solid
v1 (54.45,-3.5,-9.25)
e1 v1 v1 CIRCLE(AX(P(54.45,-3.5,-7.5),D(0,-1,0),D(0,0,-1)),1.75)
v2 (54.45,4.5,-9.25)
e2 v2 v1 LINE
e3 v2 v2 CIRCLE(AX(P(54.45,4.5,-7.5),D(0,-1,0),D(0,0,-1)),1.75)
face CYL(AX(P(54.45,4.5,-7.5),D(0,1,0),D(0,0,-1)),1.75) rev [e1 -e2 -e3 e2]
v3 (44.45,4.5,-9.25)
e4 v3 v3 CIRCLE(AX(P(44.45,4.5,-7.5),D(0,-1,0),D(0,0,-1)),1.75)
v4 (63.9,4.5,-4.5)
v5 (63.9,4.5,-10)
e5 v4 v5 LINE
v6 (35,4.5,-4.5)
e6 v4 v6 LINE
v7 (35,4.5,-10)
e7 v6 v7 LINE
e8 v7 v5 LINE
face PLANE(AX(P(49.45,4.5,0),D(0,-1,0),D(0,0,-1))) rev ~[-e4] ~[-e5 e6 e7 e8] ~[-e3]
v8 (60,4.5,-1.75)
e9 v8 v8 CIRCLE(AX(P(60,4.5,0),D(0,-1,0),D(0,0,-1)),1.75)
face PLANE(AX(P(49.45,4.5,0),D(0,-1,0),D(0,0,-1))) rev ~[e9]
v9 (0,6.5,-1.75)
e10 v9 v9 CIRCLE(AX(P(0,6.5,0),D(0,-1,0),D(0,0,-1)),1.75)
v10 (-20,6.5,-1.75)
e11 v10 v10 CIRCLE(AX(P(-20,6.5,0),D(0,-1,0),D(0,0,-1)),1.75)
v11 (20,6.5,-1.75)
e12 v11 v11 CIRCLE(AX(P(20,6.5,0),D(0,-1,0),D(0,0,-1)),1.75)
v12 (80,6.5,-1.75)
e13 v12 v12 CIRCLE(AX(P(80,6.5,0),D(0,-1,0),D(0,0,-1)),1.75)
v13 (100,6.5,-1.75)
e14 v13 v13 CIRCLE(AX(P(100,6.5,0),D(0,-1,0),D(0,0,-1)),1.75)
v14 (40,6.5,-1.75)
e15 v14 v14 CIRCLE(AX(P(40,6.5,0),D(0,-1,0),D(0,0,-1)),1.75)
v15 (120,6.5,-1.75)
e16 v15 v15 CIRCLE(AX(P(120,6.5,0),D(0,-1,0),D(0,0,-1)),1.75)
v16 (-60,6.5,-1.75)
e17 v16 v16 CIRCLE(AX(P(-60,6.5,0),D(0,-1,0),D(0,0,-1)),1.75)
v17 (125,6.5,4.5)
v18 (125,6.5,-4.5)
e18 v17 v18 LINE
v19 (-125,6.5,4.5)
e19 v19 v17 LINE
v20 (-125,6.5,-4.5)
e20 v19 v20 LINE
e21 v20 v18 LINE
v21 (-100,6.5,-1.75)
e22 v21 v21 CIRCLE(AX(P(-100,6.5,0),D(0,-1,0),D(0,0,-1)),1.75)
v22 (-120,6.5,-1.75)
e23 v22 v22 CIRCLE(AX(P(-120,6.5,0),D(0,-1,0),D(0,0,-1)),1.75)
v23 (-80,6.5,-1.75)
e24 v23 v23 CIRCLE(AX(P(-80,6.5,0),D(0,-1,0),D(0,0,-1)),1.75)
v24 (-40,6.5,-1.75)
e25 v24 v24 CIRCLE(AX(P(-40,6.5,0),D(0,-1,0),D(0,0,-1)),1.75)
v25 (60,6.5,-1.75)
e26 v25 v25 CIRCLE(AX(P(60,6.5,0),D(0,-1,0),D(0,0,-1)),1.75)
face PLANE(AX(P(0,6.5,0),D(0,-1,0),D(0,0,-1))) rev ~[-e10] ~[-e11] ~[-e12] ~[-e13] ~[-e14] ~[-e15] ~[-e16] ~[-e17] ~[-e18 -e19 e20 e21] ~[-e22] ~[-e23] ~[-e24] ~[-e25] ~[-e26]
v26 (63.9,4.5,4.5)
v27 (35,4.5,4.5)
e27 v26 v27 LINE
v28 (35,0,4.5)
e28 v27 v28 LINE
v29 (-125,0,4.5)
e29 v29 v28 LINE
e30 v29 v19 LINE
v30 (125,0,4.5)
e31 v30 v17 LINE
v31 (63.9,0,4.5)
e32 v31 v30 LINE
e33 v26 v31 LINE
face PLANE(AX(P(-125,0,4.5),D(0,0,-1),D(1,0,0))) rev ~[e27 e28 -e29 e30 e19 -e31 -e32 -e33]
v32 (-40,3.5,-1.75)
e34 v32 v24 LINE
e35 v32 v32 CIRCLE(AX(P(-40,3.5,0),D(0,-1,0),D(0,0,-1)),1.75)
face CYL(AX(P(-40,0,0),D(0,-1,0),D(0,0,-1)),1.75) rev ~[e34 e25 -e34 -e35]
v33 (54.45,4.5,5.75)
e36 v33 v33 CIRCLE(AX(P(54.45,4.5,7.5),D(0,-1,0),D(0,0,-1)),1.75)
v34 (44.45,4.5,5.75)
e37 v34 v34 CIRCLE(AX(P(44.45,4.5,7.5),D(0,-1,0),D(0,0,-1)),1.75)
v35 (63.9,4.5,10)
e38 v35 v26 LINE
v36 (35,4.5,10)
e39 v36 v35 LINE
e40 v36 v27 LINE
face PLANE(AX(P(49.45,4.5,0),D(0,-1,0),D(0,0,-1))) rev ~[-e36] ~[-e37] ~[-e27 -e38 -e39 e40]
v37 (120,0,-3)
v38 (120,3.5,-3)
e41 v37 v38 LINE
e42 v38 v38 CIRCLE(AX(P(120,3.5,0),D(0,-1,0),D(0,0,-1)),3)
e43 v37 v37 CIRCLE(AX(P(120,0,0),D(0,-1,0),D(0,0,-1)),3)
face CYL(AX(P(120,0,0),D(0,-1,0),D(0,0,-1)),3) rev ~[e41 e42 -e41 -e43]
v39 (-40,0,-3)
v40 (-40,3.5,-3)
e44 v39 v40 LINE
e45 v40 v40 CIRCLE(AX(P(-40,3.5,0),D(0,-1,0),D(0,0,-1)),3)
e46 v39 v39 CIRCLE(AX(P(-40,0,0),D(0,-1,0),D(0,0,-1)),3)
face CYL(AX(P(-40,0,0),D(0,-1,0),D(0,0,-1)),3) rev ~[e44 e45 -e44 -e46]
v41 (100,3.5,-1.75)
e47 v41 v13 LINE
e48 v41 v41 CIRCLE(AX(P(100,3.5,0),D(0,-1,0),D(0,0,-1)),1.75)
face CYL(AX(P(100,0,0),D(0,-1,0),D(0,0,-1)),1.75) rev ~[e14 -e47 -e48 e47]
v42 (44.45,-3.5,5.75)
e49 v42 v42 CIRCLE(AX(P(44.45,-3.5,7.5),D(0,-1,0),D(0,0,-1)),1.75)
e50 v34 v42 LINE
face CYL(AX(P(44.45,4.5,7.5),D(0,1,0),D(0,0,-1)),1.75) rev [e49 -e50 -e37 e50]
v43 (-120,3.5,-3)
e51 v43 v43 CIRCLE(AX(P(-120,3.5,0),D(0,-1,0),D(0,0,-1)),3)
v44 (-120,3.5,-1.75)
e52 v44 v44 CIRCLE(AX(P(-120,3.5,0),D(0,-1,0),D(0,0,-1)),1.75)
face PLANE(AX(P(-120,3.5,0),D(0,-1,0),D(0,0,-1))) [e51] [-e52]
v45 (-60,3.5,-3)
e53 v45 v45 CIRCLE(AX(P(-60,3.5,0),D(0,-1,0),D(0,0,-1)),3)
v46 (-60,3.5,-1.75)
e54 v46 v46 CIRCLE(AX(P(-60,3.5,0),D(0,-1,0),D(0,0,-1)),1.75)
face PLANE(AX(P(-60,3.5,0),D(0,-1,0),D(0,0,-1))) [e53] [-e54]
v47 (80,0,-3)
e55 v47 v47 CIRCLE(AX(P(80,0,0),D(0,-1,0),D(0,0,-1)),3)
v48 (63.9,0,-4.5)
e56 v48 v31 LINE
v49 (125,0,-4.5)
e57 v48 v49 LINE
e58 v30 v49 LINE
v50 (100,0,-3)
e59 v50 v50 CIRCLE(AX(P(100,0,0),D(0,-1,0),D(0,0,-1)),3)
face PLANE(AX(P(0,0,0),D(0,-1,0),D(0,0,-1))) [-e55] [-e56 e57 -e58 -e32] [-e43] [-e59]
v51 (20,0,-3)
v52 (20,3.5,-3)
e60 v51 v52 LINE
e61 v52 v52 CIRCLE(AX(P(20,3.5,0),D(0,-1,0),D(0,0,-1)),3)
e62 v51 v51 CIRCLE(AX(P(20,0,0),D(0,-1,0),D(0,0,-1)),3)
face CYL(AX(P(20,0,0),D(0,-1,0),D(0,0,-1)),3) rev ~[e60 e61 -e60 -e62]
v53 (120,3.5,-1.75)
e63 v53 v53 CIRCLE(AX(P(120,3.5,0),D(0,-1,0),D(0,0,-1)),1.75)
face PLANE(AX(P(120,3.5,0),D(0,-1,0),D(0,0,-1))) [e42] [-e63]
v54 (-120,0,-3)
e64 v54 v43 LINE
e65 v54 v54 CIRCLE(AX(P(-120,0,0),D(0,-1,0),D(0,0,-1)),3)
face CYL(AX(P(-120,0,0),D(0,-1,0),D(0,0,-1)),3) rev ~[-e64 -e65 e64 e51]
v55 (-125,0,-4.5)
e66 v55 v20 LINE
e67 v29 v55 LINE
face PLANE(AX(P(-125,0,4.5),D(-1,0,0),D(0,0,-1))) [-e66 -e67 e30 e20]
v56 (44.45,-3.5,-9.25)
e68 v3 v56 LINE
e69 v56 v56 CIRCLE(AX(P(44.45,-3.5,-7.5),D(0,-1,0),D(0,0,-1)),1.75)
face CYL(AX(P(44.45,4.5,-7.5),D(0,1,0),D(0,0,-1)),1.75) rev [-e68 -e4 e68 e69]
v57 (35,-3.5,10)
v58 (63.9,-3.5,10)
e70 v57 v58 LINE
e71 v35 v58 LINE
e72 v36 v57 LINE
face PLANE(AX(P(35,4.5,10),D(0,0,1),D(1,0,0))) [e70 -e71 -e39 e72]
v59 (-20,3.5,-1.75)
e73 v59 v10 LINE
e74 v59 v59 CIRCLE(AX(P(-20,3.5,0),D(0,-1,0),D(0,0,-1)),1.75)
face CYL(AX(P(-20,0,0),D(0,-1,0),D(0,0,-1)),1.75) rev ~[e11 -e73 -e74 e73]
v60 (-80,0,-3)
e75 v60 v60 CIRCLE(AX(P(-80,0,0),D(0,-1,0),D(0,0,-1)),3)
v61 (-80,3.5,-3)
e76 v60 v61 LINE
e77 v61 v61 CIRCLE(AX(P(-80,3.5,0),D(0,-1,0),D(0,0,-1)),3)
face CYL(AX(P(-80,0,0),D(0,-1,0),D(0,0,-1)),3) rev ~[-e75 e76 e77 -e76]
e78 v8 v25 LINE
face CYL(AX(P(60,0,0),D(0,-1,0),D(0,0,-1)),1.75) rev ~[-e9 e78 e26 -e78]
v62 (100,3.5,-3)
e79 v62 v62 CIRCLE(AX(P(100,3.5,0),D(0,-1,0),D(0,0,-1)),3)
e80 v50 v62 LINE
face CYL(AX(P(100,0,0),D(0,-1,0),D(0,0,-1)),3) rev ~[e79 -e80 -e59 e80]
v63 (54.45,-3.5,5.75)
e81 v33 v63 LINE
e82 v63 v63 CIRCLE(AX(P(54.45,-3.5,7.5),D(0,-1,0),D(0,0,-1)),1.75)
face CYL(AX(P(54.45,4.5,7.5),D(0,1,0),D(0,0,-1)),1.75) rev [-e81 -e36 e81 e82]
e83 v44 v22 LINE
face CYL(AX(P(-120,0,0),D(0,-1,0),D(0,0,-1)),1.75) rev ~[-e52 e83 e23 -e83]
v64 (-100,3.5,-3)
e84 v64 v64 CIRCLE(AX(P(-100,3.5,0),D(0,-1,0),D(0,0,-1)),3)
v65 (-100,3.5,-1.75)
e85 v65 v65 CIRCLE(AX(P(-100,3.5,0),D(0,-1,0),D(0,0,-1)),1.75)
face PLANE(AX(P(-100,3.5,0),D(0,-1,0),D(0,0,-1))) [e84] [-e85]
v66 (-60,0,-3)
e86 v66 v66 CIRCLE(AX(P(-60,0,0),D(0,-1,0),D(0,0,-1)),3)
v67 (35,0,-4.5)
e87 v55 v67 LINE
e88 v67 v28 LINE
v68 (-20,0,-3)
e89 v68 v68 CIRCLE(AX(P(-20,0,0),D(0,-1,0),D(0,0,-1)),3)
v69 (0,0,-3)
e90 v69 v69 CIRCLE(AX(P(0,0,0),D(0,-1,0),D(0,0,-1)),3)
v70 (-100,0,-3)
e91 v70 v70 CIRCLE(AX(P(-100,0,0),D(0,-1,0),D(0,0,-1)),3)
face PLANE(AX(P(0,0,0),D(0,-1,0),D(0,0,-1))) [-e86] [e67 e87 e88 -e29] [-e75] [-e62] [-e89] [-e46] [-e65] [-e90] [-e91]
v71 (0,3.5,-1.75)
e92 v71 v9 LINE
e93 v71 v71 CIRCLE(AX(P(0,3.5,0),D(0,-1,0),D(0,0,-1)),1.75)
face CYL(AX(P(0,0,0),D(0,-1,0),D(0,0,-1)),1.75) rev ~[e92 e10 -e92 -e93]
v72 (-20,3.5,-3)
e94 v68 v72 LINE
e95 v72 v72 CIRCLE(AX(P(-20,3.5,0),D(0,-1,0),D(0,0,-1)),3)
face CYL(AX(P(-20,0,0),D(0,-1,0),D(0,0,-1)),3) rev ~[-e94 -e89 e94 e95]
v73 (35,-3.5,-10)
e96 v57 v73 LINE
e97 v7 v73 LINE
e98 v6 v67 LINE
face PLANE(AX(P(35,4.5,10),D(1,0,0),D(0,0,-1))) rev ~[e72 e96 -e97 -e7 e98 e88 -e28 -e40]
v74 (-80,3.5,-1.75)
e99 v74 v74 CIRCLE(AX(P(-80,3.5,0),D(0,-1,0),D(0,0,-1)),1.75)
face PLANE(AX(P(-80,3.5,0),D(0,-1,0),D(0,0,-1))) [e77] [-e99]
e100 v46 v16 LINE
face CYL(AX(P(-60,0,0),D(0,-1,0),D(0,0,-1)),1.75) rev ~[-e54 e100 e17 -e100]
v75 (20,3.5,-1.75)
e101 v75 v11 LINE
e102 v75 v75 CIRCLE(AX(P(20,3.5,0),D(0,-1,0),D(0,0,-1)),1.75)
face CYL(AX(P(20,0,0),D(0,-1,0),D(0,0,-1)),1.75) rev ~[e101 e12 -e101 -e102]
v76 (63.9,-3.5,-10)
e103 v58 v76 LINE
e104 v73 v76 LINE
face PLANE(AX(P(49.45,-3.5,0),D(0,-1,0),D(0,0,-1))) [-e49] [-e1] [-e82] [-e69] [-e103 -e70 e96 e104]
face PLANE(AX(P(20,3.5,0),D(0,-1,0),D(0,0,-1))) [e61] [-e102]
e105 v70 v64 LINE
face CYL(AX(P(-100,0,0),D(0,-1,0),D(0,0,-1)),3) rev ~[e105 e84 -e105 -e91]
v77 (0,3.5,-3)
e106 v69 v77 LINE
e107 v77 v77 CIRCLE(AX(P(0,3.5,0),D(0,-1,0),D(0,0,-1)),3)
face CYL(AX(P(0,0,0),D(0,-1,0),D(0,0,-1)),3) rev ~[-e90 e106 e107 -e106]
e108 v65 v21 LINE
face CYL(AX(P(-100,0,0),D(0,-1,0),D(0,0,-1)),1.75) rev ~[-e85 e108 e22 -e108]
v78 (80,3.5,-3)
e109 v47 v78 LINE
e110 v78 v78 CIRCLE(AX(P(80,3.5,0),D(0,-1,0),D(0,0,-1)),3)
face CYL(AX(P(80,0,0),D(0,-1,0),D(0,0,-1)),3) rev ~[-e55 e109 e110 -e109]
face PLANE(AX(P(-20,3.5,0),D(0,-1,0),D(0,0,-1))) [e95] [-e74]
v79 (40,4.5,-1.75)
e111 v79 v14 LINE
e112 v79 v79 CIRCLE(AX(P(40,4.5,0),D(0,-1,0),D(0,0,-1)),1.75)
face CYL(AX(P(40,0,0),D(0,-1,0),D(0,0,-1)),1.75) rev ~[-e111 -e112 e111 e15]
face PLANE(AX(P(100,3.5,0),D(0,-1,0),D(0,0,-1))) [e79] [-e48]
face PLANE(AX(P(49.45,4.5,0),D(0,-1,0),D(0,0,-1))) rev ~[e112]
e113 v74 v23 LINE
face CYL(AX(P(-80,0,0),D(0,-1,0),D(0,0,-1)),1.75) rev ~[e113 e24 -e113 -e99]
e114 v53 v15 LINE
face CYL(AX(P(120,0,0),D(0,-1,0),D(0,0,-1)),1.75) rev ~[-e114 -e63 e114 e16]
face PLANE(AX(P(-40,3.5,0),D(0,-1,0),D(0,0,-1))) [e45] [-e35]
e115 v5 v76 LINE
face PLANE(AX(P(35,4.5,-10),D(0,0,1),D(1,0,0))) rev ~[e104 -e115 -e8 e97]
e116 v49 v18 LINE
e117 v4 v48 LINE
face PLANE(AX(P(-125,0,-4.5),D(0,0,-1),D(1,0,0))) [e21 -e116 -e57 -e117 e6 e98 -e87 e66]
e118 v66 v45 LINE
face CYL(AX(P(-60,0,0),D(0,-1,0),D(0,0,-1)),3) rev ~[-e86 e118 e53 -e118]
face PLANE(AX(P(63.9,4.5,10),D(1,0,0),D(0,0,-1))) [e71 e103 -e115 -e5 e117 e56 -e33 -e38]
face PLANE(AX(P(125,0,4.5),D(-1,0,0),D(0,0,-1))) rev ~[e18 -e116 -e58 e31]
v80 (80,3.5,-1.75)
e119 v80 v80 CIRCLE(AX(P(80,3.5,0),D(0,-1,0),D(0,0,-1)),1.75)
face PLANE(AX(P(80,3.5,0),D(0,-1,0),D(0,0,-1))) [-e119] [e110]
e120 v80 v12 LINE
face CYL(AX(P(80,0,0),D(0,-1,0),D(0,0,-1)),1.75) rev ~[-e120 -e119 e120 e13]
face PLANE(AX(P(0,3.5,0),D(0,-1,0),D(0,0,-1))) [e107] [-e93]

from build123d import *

# Parameters (mm, degrees)
SKETCH006_W             = 9
SKETCH006_H             = 250
PAD003_DEPTH            = 6.5
SKETCH008_R             = 1.75
POCKET003_DEPTH         = 6.5
LINEARPATTERN002_COUNT  = 13
LINEARPATTERN002_PITCH  = 20
SKETCH009_R             = 3
POCKET002_DEPTH         = 3.5
LINEARPATTERN003_COUNT  = 13
LINEARPATTERN003_PITCH  = 20
SKETCH007_W             = 20
SKETCH007_H             = 28.9
SKETCH007_R             = 1.75
PAD004_DEPTH            = 8
BODY002_PITCH_ANGLE     = 90
BODY002_PLACEMENT_ANGLE = -90


with BuildPart() as part:
    # Sketch006 → Pad003 (new body)
    with BuildSketch(Plane.XY):
        with Locations((0, 125)):
            Rectangle(SKETCH006_W, SKETCH006_H)
    extrude(amount=-PAD003_DEPTH)

    # Sketch008 → Pocket003 (cut)
    with BuildSketch(Plane.XY):
        with Locations((0, 5)):
            Circle(SKETCH008_R)
    pocket003 = extrude(amount=-POCKET003_DEPTH, mode=Mode.SUBTRACT)

    # LinearPattern002: Pocket003 ×13
    with Locations(*[(0, i * LINEARPATTERN002_PITCH, 0) for i in range(1, LINEARPATTERN002_COUNT)]):
        add(pocket003, mode=Mode.SUBTRACT)

    # Sketch009 → Pocket002 (cut)
    with BuildSketch(Plane.XY):
        with Locations((0, 5)):
            Circle(SKETCH009_R)
    pocket002 = extrude(amount=-POCKET002_DEPTH, mode=Mode.SUBTRACT)

    # LinearPattern003: Pocket002 ×13
    with Locations(*[(0, i * LINEARPATTERN003_PITCH, 0) for i in range(1, LINEARPATTERN003_COUNT)]):
        add(pocket002, mode=Mode.SUBTRACT)

    # Sketch007 → Pad004 (join)
    with BuildSketch(Plane.XY.offset(-4.5)):
        with Locations((0, 174.45)):
            Rectangle(SKETCH007_W, SKETCH007_H)
        with Locations((-7.5, 179.45)):
            Circle(SKETCH007_R, mode=Mode.SUBTRACT)
        with Locations((7.5, 179.45)):
            Circle(SKETCH007_R, mode=Mode.SUBTRACT)
        with Locations((7.5, 169.45)):
            Circle(SKETCH007_R, mode=Mode.SUBTRACT)
        with Locations((-7.5, 169.45)):
            Circle(SKETCH007_R, mode=Mode.SUBTRACT)
    extrude(amount=PAD004_DEPTH)


with BuildPart() as part_1:
    # Body002 pitch: moved
    add(part.part.rotate(Axis((0, 0, 0), (0, 1, 0)), BODY002_PITCH_ANGLE))


with BuildPart() as part_2:
    # Body002 placement: moved
    add(part_1.part.moved(Location((-125, 0, 0))).rotate(Axis((-125, 0, 0), (0, 0, 1)), BODY002_PLACEMENT_ANGLE))


solid = part_2.part
